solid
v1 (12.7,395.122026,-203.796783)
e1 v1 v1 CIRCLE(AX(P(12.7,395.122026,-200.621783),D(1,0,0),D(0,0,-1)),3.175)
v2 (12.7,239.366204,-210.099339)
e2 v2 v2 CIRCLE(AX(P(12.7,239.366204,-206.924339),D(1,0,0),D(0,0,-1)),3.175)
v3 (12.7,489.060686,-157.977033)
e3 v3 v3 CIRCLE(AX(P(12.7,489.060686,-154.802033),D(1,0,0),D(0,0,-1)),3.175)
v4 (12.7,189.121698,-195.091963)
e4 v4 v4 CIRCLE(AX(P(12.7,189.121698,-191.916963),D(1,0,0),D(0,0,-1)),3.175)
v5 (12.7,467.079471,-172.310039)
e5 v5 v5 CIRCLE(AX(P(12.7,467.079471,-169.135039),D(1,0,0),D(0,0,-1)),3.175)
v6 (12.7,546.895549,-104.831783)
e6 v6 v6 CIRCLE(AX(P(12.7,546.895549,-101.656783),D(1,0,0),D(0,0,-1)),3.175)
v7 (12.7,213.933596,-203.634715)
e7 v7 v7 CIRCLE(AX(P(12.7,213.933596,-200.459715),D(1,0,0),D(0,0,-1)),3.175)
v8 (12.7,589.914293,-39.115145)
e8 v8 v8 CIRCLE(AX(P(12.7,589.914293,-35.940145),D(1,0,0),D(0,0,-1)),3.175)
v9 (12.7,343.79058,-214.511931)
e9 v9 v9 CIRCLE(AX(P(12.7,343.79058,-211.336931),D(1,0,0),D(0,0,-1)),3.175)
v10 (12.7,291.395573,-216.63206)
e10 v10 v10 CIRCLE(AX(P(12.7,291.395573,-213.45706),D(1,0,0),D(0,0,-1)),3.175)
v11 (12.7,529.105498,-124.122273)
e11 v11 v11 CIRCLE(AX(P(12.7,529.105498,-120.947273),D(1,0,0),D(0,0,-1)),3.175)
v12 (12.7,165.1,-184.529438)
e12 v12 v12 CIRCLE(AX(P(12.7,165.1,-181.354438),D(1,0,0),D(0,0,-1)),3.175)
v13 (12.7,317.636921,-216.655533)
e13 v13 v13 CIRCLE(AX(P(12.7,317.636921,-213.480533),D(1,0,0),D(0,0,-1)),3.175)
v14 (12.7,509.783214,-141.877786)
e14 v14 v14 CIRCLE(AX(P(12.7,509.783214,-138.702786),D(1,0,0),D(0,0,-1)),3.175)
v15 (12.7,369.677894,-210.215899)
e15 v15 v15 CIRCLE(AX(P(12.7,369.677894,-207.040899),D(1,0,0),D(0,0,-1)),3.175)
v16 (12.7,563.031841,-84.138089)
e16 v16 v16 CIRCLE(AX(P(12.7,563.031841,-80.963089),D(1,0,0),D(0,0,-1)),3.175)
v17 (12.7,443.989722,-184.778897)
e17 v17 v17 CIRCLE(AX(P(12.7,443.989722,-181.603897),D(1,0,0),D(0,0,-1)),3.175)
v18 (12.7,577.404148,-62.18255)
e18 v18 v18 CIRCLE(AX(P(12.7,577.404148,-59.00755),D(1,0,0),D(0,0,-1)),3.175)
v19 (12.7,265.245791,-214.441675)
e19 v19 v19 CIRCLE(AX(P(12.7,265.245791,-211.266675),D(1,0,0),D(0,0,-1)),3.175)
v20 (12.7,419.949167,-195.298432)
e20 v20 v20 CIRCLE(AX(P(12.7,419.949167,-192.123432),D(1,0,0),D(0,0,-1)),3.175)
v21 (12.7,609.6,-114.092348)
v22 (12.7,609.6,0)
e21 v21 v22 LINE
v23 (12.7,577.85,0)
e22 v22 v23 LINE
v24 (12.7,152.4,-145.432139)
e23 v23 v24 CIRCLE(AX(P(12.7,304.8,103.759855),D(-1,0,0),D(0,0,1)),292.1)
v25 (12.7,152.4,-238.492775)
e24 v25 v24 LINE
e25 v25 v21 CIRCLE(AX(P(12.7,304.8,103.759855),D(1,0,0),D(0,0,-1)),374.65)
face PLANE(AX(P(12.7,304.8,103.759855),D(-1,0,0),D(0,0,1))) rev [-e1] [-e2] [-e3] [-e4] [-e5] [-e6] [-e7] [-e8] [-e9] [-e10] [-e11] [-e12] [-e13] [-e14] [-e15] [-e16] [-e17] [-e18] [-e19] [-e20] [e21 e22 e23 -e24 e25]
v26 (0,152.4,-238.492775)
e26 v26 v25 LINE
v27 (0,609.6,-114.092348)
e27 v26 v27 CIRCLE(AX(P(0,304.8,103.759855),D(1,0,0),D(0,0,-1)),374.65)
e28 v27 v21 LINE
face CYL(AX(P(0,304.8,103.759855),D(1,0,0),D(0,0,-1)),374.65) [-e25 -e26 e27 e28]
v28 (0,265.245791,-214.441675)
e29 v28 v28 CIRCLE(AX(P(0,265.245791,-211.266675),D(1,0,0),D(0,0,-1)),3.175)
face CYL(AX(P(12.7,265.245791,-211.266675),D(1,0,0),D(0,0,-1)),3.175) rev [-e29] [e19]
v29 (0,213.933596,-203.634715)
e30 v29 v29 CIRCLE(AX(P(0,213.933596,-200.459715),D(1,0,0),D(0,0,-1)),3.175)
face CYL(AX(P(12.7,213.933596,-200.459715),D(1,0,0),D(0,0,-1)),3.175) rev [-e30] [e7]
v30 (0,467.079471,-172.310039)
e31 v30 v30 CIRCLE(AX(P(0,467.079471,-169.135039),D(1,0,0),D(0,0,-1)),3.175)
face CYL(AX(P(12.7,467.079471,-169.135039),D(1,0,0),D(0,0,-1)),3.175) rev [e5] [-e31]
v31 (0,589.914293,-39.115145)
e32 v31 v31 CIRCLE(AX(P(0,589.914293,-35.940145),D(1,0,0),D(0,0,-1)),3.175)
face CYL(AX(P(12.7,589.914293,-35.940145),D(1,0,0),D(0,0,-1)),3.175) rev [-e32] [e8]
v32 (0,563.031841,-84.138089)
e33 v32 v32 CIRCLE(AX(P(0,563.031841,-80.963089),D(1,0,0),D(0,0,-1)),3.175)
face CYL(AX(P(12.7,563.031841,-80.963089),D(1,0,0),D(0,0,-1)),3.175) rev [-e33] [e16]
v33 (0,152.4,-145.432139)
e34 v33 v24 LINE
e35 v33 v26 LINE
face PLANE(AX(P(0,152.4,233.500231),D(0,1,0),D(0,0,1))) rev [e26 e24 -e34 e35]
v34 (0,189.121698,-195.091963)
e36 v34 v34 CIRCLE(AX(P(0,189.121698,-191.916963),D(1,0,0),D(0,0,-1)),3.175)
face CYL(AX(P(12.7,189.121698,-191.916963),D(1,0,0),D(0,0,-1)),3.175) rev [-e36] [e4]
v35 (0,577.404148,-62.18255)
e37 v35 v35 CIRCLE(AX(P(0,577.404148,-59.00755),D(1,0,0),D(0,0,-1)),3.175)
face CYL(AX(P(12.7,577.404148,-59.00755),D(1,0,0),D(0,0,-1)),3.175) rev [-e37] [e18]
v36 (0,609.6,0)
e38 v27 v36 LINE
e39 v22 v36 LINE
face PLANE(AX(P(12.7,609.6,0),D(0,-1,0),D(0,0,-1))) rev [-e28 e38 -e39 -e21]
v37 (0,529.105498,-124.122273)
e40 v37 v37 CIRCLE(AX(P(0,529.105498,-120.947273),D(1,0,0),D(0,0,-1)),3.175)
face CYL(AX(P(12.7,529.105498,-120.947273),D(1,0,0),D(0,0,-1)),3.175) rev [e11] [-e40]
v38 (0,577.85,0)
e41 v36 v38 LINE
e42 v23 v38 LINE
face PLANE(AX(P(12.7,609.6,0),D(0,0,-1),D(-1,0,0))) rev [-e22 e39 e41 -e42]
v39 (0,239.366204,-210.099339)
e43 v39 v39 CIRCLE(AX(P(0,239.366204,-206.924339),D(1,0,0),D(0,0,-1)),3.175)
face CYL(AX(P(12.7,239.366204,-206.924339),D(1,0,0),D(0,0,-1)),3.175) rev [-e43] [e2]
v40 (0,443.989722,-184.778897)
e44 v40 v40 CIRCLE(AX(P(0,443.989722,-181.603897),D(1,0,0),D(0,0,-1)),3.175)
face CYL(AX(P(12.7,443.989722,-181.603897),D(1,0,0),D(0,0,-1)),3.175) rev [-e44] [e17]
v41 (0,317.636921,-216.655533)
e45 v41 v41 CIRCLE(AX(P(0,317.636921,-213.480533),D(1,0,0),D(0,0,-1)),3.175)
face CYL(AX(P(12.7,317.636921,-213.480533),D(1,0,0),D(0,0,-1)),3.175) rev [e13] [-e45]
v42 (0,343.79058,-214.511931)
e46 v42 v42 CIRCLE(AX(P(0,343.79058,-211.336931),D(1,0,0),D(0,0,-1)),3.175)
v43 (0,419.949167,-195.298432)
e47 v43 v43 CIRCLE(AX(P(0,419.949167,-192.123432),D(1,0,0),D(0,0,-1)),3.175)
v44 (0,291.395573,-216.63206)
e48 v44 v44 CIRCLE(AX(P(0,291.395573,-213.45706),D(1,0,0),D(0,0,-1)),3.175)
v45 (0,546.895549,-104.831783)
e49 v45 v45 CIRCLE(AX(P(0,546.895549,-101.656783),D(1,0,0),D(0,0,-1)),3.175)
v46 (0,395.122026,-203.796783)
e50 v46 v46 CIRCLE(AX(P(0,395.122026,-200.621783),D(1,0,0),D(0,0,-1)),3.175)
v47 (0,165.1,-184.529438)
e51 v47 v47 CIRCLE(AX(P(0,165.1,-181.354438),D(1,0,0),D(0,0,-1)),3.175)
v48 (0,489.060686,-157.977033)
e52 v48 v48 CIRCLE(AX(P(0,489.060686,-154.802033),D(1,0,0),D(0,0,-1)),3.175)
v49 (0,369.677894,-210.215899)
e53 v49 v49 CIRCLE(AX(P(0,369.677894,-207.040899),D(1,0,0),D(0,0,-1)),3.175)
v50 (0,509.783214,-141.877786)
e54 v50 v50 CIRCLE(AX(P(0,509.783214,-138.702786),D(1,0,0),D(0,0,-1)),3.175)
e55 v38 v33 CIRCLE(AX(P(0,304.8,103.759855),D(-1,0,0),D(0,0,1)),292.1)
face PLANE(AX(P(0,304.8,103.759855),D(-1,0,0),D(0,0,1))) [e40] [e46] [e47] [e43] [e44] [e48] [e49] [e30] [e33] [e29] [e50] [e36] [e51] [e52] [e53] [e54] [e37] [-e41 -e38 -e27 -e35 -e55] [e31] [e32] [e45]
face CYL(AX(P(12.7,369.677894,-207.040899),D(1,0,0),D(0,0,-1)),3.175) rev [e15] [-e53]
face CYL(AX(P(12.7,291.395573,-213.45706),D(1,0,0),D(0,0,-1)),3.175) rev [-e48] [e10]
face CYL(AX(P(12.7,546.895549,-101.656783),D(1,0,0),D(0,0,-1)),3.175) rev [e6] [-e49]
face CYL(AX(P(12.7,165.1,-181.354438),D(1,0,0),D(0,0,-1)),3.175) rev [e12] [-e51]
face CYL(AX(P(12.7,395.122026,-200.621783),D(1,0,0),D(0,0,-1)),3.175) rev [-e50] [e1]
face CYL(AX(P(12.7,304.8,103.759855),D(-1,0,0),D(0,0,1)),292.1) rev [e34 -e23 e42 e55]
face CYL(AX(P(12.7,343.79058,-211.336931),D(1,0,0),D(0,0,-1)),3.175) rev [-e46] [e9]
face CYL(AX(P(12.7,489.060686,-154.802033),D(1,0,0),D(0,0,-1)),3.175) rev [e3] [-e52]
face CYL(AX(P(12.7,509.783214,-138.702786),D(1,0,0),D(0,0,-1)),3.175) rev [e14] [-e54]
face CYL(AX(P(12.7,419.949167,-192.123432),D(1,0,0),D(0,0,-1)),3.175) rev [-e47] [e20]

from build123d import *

# Parameters (mm, degrees)
BOSS_EXTRUDE1_DEPTH         = 12.7
SKETCH2_W                   = 852.307145123
SKETCH2_H                   = 152.4
CUT_EXTRUDE1_DEPTH          = 12.7
CUT_EXTRUDE2_DEPTH          = 12.7
F_1_4_0_25_DIAMETER_HOLE1_D = 6.35
CUT_EXTRUDE3_DEPTH          = 13.7


with BuildPart() as part:
    # Sketch1 → Boss-Extrude1 (new body)
    with BuildSketch(Plane(origin=(0, 0, 0), x_dir=(0, 0, -1), z_dir=(1, 0, 0))):
        with BuildLine():
            Line((0, 609.6), (323.85, 609.6))
            Line((323.85, 609.6), (323.85, 0))
            Line((323.85, 0), (0, 0))
            Line((0, 0), (0, 31.75))
            ThreePointArc((0, 31.75), (188.340145046, 304.8), (0, 577.85))
            Line((0, 577.85), (0, 609.6))
        make_face()
    extrude(amount=BOSS_EXTRUDE1_DEPTH)

    # Sketch2 → Cut-Extrude1 (cut)
    with BuildSketch(Plane(origin=(12.7, 0, 0), x_dir=(0, 0, -1), z_dir=(1, 0, 0))):
        with Locations((192.653341095, 76.2)):
            Rectangle(SKETCH2_W, SKETCH2_H)
    extrude(amount=-CUT_EXTRUDE1_DEPTH, mode=Mode.SUBTRACT)

    # Sketch3 → Cut-Extrude2 (cut)
    with BuildSketch(Plane(origin=(12.7, 0, 0), x_dir=(0, 0, -1), z_dir=(1, 0, 0))):
        with BuildLine():
            Line((270.760801555, 152.4), (323.85, 152.4))
            Line((323.85, 152.4), (323.85, 609.6))
            Line((323.85, 609.6), (161.925, 609.6))
            ThreePointArc((161.925, 609.6), (289.589524386, 398.436253262), (270.760801555, 152.4))
        make_face()
    extrude(amount=-CUT_EXTRUDE2_DEPTH, mode=Mode.SUBTRACT)

    # 1/4 (0.25) Diameter Hole1 (through all)
    with Locations(Plane(origin=(12.7, 0, 0), x_dir=(0, 0, -1), z_dir=(1, 0, 0))):
        with Locations((181.354437919, 165.1), (191.91696262, 189.121698017), (200.459714845, 213.933596133), (206.924338933, 239.366203925), (211.266674948, 265.245790893), (213.457060331, 291.395573216), (213.480532529, 317.636921367), (211.336931202, 343.790580328), (207.040899322, 369.677894089), (200.621783143, 395.122026048), (192.123431737, 419.949166985), (181.603897461, 443.989722351), (169.1350394, 467.079470776), (154.8020325, 489.060685868), (138.70278573, 509.783213636), (120.94727327, 529.105498206), (101.656783275, 546.89554878), (80.96308935, 563.031841274), (59.00755041, 577.404148448), (35.940145046, 589.914292872)):
            Hole(F_1_4_0_25_DIAMETER_HOLE1_D / 2)

    # Sketch6 → Cut-Extrude3 (cut, through all)
    with BuildSketch(Plane(origin=(12.7, 0, 0), x_dir=(0, 0, -1), z_dir=(1, 0, 0))):
        with BuildLine():
            Line((161.925, 609.6), (114.092348386, 609.6))
            ThreePointArc((114.092348386, 609.6), (257.747151872, 403.163135962), (238.492774693, 152.4))
            Line((238.492774693, 152.4), (270.760801555, 152.4))
            ThreePointArc((270.760801555, 152.4), (289.589524386, 398.436253262), (161.925, 609.6))
        make_face()
    extrude(amount=-CUT_EXTRUDE3_DEPTH, mode=Mode.SUBTRACT)


solid = part.part
